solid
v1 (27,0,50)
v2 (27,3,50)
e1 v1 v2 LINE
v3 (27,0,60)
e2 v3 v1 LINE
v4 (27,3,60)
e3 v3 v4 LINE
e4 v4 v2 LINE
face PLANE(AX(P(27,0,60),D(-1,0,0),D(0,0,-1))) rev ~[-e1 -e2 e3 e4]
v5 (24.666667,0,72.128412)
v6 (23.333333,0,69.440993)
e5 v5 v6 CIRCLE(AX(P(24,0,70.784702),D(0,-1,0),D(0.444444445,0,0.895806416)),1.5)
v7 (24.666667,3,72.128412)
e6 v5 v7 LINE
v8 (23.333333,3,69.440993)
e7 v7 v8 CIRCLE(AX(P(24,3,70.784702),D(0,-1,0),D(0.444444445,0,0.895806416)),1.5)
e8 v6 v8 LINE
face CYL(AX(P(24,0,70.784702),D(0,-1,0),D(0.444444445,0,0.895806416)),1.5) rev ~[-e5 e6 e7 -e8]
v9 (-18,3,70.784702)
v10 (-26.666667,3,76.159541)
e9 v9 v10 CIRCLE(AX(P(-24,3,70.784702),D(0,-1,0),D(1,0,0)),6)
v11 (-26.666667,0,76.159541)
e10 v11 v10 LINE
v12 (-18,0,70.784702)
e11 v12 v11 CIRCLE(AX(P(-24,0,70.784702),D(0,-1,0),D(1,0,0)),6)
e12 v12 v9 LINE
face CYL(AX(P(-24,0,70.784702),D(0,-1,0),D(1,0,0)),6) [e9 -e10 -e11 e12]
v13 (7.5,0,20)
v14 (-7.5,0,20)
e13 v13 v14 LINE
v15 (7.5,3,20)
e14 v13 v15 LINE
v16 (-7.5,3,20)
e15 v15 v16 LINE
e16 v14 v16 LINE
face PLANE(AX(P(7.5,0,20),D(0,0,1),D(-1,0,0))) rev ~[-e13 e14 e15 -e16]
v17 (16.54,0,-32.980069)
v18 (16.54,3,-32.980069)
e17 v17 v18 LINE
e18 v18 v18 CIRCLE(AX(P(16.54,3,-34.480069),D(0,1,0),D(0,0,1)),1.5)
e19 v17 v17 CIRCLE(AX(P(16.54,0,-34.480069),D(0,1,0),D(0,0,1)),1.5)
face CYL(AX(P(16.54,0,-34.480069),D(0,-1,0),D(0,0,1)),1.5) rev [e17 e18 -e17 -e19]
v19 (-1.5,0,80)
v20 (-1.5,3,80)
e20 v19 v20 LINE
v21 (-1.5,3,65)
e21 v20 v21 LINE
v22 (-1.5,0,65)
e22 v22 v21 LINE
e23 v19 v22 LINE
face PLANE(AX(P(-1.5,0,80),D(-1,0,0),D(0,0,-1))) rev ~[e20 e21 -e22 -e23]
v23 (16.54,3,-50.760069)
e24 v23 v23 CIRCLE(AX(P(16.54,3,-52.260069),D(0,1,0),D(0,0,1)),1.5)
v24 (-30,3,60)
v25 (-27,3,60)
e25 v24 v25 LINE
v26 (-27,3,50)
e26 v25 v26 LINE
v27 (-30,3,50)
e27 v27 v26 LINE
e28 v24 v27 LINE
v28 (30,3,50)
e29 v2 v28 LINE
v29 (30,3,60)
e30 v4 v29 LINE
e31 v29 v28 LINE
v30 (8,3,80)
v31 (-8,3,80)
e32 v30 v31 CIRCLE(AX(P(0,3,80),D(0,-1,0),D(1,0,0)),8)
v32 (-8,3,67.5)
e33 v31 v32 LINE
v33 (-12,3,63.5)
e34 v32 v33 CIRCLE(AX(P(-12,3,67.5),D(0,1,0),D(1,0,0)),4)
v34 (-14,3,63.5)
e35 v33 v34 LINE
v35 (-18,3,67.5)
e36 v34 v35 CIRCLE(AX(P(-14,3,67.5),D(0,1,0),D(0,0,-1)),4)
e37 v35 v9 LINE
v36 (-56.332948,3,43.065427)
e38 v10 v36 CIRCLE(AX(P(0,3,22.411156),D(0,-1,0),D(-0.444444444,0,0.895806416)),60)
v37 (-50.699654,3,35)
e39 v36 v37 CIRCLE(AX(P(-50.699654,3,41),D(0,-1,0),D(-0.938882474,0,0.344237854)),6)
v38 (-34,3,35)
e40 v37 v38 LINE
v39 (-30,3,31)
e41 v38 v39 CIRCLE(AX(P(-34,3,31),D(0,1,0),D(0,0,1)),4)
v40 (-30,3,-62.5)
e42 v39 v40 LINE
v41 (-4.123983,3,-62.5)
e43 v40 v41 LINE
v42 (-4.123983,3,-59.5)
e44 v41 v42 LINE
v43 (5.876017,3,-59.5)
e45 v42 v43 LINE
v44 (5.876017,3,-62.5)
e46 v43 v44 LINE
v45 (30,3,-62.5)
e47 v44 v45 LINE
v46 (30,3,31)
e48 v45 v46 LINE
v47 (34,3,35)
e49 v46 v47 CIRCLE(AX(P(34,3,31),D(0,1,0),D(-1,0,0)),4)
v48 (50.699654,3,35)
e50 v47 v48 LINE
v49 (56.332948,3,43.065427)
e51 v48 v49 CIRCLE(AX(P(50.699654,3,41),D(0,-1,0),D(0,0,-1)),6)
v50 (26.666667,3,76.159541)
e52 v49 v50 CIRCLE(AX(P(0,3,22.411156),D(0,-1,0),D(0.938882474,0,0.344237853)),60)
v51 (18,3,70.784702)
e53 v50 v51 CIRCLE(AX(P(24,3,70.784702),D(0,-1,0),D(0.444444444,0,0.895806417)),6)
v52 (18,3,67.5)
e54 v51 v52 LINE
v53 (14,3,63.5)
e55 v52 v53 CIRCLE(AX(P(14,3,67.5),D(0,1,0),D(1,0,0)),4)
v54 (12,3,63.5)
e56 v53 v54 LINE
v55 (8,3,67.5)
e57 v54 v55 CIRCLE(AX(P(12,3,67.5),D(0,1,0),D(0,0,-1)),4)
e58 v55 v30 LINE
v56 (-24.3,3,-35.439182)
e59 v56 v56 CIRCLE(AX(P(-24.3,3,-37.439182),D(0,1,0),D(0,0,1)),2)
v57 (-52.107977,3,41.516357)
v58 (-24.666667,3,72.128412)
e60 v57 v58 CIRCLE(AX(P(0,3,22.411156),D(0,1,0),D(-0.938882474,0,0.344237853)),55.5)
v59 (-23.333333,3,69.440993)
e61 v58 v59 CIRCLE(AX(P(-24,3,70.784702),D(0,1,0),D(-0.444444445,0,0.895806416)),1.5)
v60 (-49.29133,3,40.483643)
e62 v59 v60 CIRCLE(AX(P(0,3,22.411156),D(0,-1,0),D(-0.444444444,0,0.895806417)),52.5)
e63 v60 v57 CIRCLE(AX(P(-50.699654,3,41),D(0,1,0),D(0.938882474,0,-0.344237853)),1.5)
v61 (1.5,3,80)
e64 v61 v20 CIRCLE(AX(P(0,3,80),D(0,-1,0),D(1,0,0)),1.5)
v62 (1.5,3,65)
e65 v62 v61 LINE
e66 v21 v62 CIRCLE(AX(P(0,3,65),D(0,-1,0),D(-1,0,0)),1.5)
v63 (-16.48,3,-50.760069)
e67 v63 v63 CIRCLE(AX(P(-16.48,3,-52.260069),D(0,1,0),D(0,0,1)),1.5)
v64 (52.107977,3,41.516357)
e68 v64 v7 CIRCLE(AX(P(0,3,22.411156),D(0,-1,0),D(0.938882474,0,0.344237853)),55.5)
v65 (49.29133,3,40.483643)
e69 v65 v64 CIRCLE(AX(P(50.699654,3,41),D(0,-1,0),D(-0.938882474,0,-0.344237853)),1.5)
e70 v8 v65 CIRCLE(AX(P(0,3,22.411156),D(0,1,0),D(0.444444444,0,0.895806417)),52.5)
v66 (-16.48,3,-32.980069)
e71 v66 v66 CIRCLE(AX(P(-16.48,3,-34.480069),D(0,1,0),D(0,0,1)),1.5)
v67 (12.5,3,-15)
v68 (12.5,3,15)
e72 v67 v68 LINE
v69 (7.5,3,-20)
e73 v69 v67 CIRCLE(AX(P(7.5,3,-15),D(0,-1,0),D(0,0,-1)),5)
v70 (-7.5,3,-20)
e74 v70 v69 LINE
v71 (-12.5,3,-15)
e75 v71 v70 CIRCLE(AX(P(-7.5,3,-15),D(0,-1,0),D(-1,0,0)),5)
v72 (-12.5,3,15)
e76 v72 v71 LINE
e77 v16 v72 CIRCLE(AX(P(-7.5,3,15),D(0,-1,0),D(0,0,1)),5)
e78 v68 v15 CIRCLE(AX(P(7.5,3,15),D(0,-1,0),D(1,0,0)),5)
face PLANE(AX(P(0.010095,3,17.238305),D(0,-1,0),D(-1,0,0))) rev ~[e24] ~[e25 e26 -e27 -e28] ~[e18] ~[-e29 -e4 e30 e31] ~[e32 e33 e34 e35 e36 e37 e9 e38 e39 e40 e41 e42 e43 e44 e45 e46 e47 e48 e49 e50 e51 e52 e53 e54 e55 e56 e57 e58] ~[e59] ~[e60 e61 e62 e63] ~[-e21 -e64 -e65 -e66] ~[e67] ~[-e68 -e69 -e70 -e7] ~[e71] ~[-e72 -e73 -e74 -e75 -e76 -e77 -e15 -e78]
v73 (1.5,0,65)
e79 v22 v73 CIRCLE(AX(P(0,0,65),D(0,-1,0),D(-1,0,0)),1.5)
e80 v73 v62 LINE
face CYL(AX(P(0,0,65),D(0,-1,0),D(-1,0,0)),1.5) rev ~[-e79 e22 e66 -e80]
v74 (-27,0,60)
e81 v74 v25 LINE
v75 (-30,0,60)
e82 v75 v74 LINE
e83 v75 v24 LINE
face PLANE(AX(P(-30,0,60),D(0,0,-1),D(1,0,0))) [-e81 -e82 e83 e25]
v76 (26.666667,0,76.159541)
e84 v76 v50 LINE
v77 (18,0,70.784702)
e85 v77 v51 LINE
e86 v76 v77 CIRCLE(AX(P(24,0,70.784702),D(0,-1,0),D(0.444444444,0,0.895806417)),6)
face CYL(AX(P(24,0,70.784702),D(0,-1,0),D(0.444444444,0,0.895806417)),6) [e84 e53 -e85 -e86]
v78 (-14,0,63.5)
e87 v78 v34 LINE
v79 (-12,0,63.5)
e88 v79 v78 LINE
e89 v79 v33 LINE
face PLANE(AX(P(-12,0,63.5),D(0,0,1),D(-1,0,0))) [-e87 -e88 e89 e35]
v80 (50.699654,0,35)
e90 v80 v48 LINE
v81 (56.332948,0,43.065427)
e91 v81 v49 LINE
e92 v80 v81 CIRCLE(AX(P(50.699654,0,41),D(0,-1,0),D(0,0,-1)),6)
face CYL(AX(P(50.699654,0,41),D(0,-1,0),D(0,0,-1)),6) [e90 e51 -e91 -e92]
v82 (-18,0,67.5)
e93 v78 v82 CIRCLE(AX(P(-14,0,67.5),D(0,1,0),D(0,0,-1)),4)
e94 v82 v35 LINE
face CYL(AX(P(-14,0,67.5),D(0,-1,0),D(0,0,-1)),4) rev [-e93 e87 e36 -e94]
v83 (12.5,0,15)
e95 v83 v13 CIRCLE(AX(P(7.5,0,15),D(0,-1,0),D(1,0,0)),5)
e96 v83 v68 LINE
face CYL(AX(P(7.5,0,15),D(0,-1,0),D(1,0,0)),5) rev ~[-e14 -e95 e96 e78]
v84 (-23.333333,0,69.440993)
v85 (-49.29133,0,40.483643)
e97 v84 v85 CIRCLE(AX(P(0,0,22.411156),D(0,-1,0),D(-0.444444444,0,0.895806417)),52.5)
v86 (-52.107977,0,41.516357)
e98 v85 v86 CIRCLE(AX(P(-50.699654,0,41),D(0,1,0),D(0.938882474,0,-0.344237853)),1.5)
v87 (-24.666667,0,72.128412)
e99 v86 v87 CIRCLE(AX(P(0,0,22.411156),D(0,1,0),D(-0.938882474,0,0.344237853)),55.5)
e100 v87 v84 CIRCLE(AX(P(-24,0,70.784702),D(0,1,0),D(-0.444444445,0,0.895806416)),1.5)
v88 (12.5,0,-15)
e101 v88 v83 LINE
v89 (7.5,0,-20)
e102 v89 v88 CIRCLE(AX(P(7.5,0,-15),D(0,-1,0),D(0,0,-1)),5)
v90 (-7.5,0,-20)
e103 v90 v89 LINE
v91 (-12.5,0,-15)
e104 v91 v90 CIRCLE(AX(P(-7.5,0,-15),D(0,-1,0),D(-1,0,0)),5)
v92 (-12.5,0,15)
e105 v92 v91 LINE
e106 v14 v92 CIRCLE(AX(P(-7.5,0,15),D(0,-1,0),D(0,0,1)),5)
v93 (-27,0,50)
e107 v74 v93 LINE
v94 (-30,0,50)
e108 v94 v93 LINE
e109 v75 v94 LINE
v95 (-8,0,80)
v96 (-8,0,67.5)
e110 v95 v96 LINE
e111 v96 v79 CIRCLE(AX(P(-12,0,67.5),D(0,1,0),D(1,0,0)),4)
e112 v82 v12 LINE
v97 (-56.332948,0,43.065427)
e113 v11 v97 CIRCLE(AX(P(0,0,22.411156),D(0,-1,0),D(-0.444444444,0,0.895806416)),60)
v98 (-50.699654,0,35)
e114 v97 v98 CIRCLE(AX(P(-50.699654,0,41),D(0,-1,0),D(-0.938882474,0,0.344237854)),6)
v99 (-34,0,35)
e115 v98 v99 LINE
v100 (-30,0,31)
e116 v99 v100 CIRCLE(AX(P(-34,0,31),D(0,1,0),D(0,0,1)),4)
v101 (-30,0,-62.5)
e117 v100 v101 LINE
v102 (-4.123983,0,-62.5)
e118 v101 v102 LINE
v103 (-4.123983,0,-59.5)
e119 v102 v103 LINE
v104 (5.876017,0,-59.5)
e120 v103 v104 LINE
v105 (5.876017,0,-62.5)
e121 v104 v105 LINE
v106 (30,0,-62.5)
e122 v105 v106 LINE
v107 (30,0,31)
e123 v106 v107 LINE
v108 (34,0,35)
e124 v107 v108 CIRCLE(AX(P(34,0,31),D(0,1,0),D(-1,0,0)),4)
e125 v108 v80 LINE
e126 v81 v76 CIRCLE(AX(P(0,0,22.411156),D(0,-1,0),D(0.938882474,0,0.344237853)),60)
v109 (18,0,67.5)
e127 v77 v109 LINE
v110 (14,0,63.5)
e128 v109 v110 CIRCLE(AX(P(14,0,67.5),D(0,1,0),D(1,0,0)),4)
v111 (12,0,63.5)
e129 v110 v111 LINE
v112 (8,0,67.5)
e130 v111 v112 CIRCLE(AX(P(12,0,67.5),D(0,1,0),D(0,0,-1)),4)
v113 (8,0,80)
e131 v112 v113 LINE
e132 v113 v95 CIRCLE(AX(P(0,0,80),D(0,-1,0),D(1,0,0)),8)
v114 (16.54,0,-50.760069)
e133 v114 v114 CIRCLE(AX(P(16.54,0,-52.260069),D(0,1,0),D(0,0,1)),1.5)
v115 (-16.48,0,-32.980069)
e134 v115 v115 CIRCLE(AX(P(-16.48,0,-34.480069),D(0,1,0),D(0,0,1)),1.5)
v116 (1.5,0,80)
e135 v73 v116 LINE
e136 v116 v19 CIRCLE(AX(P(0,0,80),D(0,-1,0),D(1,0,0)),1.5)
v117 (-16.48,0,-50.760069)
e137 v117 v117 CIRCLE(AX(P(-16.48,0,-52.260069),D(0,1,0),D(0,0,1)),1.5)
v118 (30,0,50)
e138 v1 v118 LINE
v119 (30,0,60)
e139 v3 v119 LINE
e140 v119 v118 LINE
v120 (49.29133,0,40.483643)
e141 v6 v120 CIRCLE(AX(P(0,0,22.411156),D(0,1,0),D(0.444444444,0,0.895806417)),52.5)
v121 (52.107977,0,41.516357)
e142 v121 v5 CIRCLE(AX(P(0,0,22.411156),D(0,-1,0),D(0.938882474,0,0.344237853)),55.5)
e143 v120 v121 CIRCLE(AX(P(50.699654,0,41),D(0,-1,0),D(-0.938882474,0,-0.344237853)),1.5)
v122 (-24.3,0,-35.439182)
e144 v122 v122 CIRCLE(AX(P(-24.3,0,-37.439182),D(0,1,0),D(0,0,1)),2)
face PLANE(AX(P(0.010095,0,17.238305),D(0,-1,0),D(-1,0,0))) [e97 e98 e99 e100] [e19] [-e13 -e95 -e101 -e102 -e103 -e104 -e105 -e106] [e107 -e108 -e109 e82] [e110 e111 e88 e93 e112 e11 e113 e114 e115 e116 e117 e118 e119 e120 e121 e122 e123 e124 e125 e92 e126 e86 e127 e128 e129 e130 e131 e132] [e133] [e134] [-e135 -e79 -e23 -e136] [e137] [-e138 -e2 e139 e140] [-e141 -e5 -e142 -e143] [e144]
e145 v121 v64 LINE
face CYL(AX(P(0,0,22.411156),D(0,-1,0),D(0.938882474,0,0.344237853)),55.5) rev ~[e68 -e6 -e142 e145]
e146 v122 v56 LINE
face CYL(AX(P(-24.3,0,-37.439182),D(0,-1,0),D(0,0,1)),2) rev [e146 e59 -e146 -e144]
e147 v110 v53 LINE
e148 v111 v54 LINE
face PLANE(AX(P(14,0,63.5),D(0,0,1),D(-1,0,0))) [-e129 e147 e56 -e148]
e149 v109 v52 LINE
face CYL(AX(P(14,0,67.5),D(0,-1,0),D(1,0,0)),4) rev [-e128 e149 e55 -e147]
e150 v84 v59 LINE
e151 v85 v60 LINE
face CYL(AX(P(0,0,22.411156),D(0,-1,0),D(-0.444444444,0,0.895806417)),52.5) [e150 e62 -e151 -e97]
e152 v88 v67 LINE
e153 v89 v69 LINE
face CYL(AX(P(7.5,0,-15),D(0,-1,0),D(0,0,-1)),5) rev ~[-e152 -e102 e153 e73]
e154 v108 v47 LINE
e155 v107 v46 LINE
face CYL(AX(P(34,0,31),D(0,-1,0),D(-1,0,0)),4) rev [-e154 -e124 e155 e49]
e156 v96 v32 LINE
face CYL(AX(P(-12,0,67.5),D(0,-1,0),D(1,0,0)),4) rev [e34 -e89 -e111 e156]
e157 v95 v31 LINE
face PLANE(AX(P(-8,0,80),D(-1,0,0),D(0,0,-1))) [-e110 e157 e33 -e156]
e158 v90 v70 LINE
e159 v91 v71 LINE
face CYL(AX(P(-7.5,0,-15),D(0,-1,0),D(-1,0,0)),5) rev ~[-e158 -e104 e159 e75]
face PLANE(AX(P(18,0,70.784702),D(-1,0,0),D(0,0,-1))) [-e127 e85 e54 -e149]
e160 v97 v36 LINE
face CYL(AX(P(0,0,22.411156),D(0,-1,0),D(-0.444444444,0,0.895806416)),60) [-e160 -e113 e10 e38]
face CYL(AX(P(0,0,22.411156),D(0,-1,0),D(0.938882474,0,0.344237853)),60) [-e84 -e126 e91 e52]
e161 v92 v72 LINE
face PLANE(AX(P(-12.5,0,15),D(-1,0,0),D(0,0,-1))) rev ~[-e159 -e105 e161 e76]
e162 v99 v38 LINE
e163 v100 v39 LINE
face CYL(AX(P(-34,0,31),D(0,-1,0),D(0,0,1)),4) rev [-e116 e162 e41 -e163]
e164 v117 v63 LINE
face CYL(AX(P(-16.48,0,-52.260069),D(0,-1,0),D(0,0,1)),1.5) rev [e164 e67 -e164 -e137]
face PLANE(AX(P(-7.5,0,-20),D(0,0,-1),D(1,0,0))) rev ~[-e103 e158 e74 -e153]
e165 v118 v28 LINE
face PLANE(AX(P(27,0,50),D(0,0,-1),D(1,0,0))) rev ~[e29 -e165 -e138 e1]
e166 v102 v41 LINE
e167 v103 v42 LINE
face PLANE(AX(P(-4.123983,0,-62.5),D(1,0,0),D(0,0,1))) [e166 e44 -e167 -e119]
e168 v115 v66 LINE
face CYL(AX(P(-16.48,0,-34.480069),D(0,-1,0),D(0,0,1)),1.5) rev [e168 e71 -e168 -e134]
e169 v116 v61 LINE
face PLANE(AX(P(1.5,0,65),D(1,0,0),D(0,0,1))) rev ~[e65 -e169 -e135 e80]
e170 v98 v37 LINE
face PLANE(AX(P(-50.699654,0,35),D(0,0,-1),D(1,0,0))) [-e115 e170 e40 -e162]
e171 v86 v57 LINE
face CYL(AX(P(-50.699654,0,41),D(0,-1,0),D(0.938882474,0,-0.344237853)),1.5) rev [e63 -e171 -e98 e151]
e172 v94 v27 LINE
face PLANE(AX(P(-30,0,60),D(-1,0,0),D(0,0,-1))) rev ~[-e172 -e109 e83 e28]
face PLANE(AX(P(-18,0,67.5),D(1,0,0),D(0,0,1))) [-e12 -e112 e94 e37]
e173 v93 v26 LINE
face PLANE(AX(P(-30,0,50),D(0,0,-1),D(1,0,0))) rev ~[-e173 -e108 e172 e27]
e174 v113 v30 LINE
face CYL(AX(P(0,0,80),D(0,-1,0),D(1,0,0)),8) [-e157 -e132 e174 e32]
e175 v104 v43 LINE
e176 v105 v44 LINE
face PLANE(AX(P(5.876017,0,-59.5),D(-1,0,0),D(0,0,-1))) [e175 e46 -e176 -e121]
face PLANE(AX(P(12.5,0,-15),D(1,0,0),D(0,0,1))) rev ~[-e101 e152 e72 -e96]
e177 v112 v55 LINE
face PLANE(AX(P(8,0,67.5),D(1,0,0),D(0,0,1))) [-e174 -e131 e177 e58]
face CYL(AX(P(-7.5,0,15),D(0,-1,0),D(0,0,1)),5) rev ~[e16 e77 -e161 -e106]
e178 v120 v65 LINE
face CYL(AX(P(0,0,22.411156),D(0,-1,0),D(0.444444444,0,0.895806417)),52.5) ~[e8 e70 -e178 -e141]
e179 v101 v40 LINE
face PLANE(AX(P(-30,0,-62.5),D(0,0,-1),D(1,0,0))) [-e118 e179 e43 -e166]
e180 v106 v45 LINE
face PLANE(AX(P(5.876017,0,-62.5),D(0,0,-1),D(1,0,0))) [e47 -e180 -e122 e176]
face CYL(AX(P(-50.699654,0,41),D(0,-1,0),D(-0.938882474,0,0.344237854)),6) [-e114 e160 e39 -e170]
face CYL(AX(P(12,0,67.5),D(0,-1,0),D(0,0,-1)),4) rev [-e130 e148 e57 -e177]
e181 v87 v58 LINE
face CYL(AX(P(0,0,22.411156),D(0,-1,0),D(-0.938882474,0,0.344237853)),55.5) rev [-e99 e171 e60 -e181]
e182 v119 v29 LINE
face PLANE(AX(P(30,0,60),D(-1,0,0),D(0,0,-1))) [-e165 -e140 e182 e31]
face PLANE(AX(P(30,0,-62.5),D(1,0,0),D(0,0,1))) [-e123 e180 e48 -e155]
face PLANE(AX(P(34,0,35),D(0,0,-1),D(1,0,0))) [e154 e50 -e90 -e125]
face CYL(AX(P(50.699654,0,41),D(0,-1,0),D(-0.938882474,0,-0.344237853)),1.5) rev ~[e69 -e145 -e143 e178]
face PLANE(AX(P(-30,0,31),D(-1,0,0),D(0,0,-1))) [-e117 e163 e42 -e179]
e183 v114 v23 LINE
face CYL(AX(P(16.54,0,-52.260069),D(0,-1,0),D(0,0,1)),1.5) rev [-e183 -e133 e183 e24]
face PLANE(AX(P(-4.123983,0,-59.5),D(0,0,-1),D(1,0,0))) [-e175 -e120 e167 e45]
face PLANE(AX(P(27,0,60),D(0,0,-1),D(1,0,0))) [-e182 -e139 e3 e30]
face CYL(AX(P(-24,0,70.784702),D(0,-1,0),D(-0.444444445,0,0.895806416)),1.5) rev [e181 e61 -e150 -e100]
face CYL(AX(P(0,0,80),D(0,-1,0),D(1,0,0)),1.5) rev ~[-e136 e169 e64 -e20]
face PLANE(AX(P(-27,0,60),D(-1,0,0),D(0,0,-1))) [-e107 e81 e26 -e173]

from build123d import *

# Parameters (mm, degrees)
CROQUIS1_R              = 2
CROQUIS1_R_2            = 1.5
CROQUIS1_W              = 3
CROQUIS1_H              = 10
SALIENTE_EXTRUIR1_DEPTH = 3


with BuildPart() as part:
    # Croquis1 → Saliente-Extruir1 (new body)
    with BuildSketch(Plane(origin=(0, 0, 0), x_dir=(1, 0, 0), z_dir=(0, 1, 0))):
        with BuildLine():
            Line((-30, -21.975186569), (-30, 62.5))
            Line((-30, 62.5), (-4.123983247, 62.5))
            Line((-4.123983247, 62.5), (-4.123983247, 59.5))
            Line((-4.123983247, 59.5), (5.876016753, 59.5))
            Line((5.876016753, 59.5), (5.876016753, 62.5))
            Line((5.876016753, 62.5), (30, 62.5))
            Line((30, 62.5), (30, -21.975186569))
            Line((30, -21.975186569), (30, -31))
            ThreePointArc((30, -31), (31.171572875, -33.828427125), (34, -35))
            Line((34, -35), (50.699653605, -35))
            ThreePointArc((50.699653605, -35), (55.61862518, -37.564345966), (56.332948449, -43.06542712))
            ThreePointArc((56.332948449, -43.06542712), (44.677053609, -62.460636323), (26.666666667, -76.159540905))
            ThreePointArc((26.666666667, -76.159540905), (20.83772234, -75.883721919), (18, -70.784702406))
            Line((18, -70.784702406), (18, -67.5))
            ThreePointArc((18, -67.5), (16.828427125, -64.671572875), (14, -63.5))
            Line((14, -63.5), (12, -63.5))
            ThreePointArc((12, -63.5), (9.171572875, -64.671572875), (8, -67.5))
            Line((8, -67.5), (8, -80))
            ThreePointArc((8, -80), (0, -88), (-8, -80))
            Line((-8, -80), (-8, -67.5))
            ThreePointArc((-8, -67.5), (-9.171572875, -64.671572875), (-12, -63.5))
            Line((-12, -63.5), (-14, -63.5))
            ThreePointArc((-14, -63.5), (-16.828427125, -64.671572875), (-18, -67.5))
            Line((-18, -67.5), (-18, -70.784702406))
            ThreePointArc((-18, -70.784702406), (-20.83772234, -75.883721919), (-26.666666667, -76.159540905))
            ThreePointArc((-26.666666667, -76.159540905), (-44.677053609, -62.460636323), (-56.332948449, -43.06542712))
            ThreePointArc((-56.332948449, -43.06542712), (-55.61862518, -37.564345966), (-50.699653605, -35))
            Line((-50.699653605, -35), (-34, -35))
            ThreePointArc((-34, -35), (-31.171572875, -33.828427125), (-30, -31))
            Line((-30, -31), (-30, -21.975186569))
        make_face()
        with Locations(Location((-24.3, 37.439181633, 0), (0, 0, 270))):
            Circle(CROQUIS1_R, mode=Mode.SUBTRACT)
        with Locations(Location((16.54, 52.26006939, 0), (0, 0, 270))):
            Circle(CROQUIS1_R_2, mode=Mode.SUBTRACT)
        with Locations(Location((16.54, 34.48006939, 0), (0, 0, 270))):
            Circle(CROQUIS1_R_2, mode=Mode.SUBTRACT)
        with Locations(Location((-16.48, 34.48006939, 0), (0, 0, 270))):
            Circle(CROQUIS1_R_2, mode=Mode.SUBTRACT)
        with Locations(Location((-16.48, 52.26006939, 0), (0, 0, 270))):
            Circle(CROQUIS1_R_2, mode=Mode.SUBTRACT)
        with Locations((28.5, -55)):
            Rectangle(CROQUIS1_W, CROQUIS1_H, mode=Mode.SUBTRACT)
        with Locations((-28.5, -55)):
            Rectangle(CROQUIS1_W, CROQUIS1_H, mode=Mode.SUBTRACT)
        with BuildLine():
            Line((1.5, -65), (1.5, -80))
            ThreePointArc((1.5, -80), (0, -81.5), (-1.5, -80))
            Line((-1.5, -80), (-1.5, -65))
            ThreePointArc((-1.5, -65), (0, -63.5), (1.5, -65))
        make_face(mode=Mode.SUBTRACT)
        with BuildLine():
            Line((7.5, -20), (-7.5, -20))
            ThreePointArc((-7.5, -20), (-11.035533906, -18.535533906), (-12.5, -15))
            Line((-12.5, -15), (-12.5, 15))
            ThreePointArc((-12.5, 15), (-11.035533906, 18.535533906), (-7.5, 20))
            Line((-7.5, 20), (7.5, 20))
            ThreePointArc((7.5, 20), (11.035533906, 18.535533906), (12.5, 15))
            Line((12.5, 15), (12.5, -15))
            ThreePointArc((12.5, -15), (11.035533906, -18.535533906), (7.5, -20))
        make_face(mode=Mode.SUBTRACT)
        with BuildLine():
            ThreePointArc((-52.107977316, -41.51635678), (-41.326274588, -59.456925292), (-24.666666667, -72.12841203))
            ThreePointArc((-24.666666667, -72.12841203), (-22.656290375, -71.451369072), (-23.333333333, -69.440992781))
            ThreePointArc((-23.333333333, -69.440992781), (-39.092421908, -57.454451272), (-49.291329893, -40.48364322))
            ThreePointArc((-49.291329893, -40.48364322), (-51.216010385, -39.591676289), (-52.107977316, -41.51635678))
        make_face(mode=Mode.SUBTRACT)
        with BuildLine():
            ThreePointArc((52.107977316, -41.51635678), (41.326274588, -59.456925292), (24.666666667, -72.12841203))
            ThreePointArc((24.666666667, -72.12841203), (22.656290375, -71.451369072), (23.333333333, -69.440992781))
            ThreePointArc((23.333333333, -69.440992781), (39.092421908, -57.454451272), (49.291329893, -40.48364322))
            ThreePointArc((49.291329893, -40.48364322), (51.216010385, -39.591676289), (52.107977316, -41.51635678))
        make_face(mode=Mode.SUBTRACT)
    extrude(amount=SALIENTE_EXTRUIR1_DEPTH)


solid = part.part
